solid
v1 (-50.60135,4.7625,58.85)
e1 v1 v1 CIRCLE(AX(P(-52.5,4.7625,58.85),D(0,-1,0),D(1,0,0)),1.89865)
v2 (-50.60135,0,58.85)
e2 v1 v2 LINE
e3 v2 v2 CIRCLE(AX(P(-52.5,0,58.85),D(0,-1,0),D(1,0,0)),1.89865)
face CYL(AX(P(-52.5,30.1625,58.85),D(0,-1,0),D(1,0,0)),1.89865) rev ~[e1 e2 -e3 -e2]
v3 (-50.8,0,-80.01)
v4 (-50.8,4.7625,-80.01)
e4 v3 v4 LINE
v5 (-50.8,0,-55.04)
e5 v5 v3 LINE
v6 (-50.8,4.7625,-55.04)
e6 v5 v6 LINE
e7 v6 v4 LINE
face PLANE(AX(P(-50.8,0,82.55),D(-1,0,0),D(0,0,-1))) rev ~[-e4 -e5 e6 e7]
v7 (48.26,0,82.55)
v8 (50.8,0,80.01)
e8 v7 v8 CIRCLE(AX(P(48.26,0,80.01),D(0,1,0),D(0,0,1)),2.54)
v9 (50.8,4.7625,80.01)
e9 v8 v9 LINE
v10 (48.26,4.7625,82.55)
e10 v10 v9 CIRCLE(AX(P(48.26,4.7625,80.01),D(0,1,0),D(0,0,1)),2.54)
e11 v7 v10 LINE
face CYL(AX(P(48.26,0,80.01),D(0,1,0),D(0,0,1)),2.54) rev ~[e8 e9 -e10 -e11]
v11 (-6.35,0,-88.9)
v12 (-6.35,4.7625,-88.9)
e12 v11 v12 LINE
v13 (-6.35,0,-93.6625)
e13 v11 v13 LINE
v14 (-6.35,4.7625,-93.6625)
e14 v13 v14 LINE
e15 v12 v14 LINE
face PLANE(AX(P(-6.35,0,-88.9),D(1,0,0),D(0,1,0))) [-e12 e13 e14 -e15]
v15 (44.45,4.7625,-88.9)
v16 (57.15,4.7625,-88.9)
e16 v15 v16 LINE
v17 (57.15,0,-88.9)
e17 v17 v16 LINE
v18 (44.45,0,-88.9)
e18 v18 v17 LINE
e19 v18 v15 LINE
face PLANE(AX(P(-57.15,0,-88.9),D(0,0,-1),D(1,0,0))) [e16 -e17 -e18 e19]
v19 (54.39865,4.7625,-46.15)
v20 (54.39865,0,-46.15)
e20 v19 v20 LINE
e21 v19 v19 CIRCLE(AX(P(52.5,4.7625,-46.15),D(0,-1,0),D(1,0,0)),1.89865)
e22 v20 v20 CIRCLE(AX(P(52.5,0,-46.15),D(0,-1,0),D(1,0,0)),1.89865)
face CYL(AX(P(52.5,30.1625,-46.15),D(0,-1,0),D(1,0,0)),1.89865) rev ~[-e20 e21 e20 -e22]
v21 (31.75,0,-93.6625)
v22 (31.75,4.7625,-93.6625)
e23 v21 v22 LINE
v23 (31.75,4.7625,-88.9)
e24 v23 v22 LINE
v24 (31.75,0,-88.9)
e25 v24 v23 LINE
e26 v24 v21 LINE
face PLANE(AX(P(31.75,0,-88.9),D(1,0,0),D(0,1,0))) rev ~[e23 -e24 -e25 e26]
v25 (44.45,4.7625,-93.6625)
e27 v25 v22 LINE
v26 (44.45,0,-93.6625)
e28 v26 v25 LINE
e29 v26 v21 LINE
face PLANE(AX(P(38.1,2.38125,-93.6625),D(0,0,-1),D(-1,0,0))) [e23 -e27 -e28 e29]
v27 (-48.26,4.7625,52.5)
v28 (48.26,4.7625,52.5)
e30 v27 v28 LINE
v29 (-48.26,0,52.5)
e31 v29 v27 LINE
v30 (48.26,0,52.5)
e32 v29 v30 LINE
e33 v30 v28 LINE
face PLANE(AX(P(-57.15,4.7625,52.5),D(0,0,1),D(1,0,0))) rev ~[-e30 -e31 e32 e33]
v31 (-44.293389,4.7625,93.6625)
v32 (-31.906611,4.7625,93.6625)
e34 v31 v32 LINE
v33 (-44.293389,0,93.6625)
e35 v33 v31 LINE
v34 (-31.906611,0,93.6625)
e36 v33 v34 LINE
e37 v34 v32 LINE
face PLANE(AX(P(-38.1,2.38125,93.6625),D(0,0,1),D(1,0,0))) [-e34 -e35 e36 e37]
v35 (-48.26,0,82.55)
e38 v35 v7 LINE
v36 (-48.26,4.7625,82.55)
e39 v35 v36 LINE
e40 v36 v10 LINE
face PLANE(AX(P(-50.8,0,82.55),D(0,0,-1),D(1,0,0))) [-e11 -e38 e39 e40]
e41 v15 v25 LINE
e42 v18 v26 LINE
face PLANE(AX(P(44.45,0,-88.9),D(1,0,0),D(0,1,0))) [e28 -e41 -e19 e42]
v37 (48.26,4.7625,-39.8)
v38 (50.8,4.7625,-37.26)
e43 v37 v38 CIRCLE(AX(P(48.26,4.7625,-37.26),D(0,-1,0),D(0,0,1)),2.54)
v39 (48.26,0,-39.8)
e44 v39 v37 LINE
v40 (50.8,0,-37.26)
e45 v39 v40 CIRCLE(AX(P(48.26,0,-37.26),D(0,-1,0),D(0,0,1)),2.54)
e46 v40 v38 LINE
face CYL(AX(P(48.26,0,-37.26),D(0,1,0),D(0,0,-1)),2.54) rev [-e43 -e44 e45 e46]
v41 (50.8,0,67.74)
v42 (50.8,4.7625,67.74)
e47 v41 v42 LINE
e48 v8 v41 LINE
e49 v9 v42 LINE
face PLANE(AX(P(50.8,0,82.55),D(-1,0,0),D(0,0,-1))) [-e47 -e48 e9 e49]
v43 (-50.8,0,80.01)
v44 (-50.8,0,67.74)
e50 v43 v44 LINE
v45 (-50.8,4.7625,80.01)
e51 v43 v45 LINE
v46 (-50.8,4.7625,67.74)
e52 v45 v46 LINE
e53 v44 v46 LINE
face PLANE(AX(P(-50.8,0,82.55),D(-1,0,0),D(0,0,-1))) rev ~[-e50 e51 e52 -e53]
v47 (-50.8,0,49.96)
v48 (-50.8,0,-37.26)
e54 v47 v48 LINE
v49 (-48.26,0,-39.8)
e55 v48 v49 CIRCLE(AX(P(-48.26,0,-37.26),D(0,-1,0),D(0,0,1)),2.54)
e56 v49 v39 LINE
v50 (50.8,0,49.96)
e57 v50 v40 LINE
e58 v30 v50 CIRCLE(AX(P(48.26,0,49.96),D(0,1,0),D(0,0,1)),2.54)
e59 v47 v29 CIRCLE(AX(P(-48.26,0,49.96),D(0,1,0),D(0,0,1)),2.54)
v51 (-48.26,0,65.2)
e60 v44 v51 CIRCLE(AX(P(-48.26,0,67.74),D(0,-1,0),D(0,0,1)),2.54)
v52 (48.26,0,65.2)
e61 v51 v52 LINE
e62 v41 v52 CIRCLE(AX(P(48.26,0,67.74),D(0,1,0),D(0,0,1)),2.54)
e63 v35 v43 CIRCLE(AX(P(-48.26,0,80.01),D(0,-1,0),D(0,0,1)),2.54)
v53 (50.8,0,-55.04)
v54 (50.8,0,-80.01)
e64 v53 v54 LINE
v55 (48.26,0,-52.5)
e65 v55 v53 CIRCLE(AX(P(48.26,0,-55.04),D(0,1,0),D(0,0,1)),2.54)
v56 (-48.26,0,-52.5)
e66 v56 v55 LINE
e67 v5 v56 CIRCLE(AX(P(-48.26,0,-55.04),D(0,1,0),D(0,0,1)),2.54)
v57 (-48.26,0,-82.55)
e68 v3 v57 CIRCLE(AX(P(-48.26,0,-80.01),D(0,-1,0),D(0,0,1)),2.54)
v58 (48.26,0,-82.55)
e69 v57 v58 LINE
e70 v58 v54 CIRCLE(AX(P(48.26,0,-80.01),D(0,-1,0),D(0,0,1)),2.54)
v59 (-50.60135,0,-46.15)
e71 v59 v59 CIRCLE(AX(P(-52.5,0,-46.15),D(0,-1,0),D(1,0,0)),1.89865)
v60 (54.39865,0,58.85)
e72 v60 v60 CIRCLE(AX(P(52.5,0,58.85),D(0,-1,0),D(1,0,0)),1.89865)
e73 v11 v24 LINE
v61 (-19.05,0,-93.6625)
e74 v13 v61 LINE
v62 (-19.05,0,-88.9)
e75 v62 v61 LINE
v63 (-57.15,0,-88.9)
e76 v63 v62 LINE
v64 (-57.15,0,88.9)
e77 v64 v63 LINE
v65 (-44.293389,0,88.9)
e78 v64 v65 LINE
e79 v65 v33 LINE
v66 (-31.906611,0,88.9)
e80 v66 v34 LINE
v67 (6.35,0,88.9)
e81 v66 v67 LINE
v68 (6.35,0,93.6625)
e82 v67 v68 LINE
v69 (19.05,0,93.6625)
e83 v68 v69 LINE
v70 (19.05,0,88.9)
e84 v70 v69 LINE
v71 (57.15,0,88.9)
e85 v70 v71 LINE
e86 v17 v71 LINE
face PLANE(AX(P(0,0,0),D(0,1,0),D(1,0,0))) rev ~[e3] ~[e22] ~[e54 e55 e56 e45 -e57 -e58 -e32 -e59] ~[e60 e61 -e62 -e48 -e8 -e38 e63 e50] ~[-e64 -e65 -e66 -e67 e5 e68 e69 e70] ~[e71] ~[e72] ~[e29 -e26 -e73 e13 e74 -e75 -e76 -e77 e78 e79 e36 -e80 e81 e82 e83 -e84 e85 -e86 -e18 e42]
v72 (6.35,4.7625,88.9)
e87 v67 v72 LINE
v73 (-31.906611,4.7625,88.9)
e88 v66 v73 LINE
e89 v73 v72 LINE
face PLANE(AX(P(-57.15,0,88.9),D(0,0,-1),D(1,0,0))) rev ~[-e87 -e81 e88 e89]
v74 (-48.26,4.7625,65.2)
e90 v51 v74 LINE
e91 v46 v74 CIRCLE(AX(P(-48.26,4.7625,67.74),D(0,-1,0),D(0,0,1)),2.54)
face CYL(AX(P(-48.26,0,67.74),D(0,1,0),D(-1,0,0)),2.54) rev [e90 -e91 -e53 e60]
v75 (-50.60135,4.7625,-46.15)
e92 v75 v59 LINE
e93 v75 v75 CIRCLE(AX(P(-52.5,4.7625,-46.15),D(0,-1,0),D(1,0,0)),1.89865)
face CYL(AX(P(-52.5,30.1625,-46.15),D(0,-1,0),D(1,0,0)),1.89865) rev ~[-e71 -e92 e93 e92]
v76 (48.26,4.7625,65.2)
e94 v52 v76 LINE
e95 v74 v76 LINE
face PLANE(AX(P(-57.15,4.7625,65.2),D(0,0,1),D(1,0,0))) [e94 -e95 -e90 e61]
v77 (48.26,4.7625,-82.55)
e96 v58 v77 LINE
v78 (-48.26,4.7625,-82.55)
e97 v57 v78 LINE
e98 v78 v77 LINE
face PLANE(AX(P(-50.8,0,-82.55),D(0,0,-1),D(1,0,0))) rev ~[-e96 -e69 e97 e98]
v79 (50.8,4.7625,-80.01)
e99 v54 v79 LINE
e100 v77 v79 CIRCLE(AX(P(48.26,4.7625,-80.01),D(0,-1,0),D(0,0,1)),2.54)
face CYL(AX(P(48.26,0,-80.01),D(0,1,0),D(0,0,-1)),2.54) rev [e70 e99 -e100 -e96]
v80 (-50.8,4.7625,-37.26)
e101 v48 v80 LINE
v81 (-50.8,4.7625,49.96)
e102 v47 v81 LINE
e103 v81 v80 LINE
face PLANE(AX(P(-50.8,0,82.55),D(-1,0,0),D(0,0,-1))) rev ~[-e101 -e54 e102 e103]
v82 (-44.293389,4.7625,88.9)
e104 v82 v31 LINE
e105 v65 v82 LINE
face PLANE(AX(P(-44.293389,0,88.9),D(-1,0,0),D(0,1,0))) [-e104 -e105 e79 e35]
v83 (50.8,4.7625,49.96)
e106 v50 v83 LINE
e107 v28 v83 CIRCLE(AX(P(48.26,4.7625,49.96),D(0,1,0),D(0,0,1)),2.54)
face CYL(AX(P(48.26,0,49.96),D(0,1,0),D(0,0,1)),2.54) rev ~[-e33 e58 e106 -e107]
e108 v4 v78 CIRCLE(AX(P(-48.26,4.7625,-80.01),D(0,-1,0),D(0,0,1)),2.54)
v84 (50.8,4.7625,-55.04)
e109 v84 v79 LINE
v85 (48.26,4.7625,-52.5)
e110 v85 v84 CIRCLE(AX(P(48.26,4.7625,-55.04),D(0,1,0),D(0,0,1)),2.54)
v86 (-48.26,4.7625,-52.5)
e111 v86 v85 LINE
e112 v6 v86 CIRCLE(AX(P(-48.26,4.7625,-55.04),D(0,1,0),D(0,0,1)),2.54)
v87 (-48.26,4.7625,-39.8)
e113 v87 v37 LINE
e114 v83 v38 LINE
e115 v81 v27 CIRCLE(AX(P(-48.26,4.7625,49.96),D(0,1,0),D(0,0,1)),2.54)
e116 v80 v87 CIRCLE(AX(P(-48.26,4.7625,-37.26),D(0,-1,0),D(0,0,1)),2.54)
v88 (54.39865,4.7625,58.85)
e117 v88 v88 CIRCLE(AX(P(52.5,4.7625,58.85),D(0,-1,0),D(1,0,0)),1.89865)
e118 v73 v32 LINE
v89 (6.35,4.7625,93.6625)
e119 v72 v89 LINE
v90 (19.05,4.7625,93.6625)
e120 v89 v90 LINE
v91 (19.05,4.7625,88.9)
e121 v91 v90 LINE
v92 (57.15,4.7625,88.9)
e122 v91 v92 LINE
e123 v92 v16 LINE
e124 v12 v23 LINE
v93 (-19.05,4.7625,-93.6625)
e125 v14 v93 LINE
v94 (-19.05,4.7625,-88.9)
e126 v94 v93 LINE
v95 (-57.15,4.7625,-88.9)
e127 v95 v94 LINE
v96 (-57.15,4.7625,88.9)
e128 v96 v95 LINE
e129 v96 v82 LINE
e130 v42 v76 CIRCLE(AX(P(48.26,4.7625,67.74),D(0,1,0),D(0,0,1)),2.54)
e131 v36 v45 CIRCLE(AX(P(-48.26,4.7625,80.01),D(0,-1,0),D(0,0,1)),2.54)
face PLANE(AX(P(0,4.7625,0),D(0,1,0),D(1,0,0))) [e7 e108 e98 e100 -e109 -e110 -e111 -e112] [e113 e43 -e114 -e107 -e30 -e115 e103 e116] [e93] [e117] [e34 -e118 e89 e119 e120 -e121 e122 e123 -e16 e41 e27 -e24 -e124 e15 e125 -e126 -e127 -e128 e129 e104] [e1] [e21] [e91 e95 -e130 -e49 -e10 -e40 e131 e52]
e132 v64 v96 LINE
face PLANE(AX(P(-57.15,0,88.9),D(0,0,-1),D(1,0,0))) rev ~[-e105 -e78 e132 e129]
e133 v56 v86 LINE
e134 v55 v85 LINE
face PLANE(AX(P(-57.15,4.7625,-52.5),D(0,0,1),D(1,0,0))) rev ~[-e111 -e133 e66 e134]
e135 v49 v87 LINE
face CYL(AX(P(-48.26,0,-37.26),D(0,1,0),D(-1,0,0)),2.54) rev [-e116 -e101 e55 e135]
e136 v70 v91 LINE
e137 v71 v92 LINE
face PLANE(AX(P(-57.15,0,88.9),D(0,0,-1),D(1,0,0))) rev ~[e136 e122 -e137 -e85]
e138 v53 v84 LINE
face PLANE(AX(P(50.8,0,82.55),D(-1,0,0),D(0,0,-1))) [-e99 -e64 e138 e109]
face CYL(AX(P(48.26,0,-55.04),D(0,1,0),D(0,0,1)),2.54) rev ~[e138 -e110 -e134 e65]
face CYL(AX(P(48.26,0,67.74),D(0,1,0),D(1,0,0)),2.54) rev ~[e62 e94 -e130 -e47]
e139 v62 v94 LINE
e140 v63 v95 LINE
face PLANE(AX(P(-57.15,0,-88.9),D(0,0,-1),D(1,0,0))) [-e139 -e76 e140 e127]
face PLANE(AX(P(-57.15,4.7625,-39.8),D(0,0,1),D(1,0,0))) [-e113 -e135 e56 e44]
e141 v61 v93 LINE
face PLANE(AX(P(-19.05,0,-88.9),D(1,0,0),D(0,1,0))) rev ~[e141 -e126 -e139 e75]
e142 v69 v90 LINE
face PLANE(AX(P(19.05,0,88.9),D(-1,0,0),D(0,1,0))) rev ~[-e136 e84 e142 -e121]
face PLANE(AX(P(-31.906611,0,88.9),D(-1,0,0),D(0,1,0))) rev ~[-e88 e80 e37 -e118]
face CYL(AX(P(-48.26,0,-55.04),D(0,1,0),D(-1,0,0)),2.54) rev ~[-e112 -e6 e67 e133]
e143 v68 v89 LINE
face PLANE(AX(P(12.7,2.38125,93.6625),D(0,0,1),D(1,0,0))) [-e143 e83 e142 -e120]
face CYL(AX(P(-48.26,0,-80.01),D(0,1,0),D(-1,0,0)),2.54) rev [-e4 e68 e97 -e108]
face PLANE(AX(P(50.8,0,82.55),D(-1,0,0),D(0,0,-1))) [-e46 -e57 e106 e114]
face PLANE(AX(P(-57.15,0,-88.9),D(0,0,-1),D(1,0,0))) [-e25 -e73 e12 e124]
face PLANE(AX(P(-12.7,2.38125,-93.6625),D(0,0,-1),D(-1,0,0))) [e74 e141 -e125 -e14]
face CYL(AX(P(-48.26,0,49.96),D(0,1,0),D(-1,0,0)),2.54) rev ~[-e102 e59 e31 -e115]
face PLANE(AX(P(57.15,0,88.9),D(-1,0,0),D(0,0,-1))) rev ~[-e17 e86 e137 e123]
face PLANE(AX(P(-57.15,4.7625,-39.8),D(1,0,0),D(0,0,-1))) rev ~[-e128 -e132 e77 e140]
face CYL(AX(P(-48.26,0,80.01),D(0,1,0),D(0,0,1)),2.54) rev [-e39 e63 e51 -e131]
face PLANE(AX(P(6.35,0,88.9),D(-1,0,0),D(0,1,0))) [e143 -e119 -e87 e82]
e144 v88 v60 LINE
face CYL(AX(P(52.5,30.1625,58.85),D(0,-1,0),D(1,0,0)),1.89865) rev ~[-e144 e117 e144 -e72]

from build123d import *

# Parameters (mm, degrees)
SKETCH1_W                 = 114.3
SKETCH1_H                 = 177.8
SKETCH1_W_2               = 101.6
SKETCH1_H_2               = 165.1
BOSS_EXTRUDE1_DEPTH       = 4.7625
SKETCH2_W                 = 12.38677804
SKETCH2_H                 = 4.7625
SKETCH2_W_2               = 12.7
BOSS_EXTRUDE2_DEPTH       = 4.7625
SKETCH3_W                 = 12.7
SKETCH3_H                 = 4.7625
BOSS_EXTRUDE3_DEPTH       = 4.7625
FILLET1_R                 = 2.54
SKETCH4_W                 = 114.3
SKETCH4_H                 = 12.7
BOSS_EXTRUDE4_DEPTH       = 4.7625
F_6_CLEARANCE_HOLE1_D     = 3.7973
F_6_CLEARANCE_HOLE1_DEPTH = 25.4
F_6_CLEARANCE_HOLE1_TIP   = 1.140824014
FILLET2_R                 = 2.54


with BuildPart() as part:
    # Sketch1 → Boss-Extrude1 (new body)
    with BuildSketch(Plane(origin=(0, 0, 0), x_dir=(1, 0, 0), z_dir=(0, 1, 0))):
        Rectangle(SKETCH1_W, SKETCH1_H)
        Rectangle(SKETCH1_W_2, SKETCH1_H_2, mode=Mode.SUBTRACT)
    extrude(amount=BOSS_EXTRUDE1_DEPTH)

    # Sketch2 → Boss-Extrude2 (add)
    with BuildSketch(Plane.XY.offset(88.9)):
        with Locations((-38.1, 2.38125)):
            Rectangle(SKETCH2_W, SKETCH2_H)
        with Locations((12.7, 2.38125)):
            Rectangle(SKETCH2_W_2, SKETCH2_H)
    extrude(amount=BOSS_EXTRUDE2_DEPTH)

    # Sketch3 → Boss-Extrude3 (add)
    with BuildSketch(Plane(origin=(0, 0, -88.9), x_dir=(-1, 0, 0), z_dir=(0, 0, -1))):
        with Locations((-38.1, 2.38125)):
            Rectangle(SKETCH3_W, SKETCH3_H)
        with Locations((12.7, 2.38125)):
            Rectangle(SKETCH3_W, SKETCH3_H)
    extrude(amount=BOSS_EXTRUDE3_DEPTH)

    # Fillet1
    fillet1_edges = [part.edges().sort_by_distance(p)[0] for p in [
        (50.8, 2.38125, 82.55),
        (50.8, 2.38125, -82.55),
        (-50.8, 2.38125, -82.55),
        (-50.8, 2.38125, 82.55),
    ]]
    fillet(fillet1_edges, radius=FILLET1_R)

    # Sketch4 → Boss-Extrude4 (add)
    with BuildSketch(Plane(origin=(0, 4.7625, 0), x_dir=(1, 0, 0), z_dir=(0, 1, 0))):
        with Locations((0, 46.149999902)):
            Rectangle(SKETCH4_W, SKETCH4_H)
        with Locations((0, -58.849999902)):
            Rectangle(SKETCH4_W, SKETCH4_H)
    extrude(amount=-BOSS_EXTRUDE4_DEPTH)

    # #6 Clearance Hole1
    with Locations(Plane(origin=(0, 4.7625, 0), x_dir=(-1, 0, 0), z_dir=(0, 1, 0))):
        with Locations((52.5, -46.149999902), (-52.5, -46.149999902), (52.5, 58.849999902), (-52.5, 58.849999902)):
            Hole(F_6_CLEARANCE_HOLE1_D / 2, depth=F_6_CLEARANCE_HOLE1_DEPTH)
            with Locations((0, 0, -(F_6_CLEARANCE_HOLE1_DEPTH + F_6_CLEARANCE_HOLE1_TIP / 2))):  # 118° drill point
                Cone(0, F_6_CLEARANCE_HOLE1_D / 2, F_6_CLEARANCE_HOLE1_TIP, mode=Mode.SUBTRACT)

    # Fillet2
    fillet2_edges = [part.edges().sort_by_distance(p)[0] for p in [
        (-50.8, 2.38125, -39.799999902),
        (-50.8, 2.38125, -52.499999902),
        (50.8, 2.38125, -52.499999902),
        (50.8, 2.38125, -39.799999902),
        (-50.8, 2.38125, 65.199999902),
        (-50.8, 2.38125, 52.499999902),
        (50.8, 2.38125, 52.499999902),
        (50.8, 2.38125, 65.199999902),
    ]]
    fillet(fillet2_edges, radius=FILLET2_R)


solid = part.part
